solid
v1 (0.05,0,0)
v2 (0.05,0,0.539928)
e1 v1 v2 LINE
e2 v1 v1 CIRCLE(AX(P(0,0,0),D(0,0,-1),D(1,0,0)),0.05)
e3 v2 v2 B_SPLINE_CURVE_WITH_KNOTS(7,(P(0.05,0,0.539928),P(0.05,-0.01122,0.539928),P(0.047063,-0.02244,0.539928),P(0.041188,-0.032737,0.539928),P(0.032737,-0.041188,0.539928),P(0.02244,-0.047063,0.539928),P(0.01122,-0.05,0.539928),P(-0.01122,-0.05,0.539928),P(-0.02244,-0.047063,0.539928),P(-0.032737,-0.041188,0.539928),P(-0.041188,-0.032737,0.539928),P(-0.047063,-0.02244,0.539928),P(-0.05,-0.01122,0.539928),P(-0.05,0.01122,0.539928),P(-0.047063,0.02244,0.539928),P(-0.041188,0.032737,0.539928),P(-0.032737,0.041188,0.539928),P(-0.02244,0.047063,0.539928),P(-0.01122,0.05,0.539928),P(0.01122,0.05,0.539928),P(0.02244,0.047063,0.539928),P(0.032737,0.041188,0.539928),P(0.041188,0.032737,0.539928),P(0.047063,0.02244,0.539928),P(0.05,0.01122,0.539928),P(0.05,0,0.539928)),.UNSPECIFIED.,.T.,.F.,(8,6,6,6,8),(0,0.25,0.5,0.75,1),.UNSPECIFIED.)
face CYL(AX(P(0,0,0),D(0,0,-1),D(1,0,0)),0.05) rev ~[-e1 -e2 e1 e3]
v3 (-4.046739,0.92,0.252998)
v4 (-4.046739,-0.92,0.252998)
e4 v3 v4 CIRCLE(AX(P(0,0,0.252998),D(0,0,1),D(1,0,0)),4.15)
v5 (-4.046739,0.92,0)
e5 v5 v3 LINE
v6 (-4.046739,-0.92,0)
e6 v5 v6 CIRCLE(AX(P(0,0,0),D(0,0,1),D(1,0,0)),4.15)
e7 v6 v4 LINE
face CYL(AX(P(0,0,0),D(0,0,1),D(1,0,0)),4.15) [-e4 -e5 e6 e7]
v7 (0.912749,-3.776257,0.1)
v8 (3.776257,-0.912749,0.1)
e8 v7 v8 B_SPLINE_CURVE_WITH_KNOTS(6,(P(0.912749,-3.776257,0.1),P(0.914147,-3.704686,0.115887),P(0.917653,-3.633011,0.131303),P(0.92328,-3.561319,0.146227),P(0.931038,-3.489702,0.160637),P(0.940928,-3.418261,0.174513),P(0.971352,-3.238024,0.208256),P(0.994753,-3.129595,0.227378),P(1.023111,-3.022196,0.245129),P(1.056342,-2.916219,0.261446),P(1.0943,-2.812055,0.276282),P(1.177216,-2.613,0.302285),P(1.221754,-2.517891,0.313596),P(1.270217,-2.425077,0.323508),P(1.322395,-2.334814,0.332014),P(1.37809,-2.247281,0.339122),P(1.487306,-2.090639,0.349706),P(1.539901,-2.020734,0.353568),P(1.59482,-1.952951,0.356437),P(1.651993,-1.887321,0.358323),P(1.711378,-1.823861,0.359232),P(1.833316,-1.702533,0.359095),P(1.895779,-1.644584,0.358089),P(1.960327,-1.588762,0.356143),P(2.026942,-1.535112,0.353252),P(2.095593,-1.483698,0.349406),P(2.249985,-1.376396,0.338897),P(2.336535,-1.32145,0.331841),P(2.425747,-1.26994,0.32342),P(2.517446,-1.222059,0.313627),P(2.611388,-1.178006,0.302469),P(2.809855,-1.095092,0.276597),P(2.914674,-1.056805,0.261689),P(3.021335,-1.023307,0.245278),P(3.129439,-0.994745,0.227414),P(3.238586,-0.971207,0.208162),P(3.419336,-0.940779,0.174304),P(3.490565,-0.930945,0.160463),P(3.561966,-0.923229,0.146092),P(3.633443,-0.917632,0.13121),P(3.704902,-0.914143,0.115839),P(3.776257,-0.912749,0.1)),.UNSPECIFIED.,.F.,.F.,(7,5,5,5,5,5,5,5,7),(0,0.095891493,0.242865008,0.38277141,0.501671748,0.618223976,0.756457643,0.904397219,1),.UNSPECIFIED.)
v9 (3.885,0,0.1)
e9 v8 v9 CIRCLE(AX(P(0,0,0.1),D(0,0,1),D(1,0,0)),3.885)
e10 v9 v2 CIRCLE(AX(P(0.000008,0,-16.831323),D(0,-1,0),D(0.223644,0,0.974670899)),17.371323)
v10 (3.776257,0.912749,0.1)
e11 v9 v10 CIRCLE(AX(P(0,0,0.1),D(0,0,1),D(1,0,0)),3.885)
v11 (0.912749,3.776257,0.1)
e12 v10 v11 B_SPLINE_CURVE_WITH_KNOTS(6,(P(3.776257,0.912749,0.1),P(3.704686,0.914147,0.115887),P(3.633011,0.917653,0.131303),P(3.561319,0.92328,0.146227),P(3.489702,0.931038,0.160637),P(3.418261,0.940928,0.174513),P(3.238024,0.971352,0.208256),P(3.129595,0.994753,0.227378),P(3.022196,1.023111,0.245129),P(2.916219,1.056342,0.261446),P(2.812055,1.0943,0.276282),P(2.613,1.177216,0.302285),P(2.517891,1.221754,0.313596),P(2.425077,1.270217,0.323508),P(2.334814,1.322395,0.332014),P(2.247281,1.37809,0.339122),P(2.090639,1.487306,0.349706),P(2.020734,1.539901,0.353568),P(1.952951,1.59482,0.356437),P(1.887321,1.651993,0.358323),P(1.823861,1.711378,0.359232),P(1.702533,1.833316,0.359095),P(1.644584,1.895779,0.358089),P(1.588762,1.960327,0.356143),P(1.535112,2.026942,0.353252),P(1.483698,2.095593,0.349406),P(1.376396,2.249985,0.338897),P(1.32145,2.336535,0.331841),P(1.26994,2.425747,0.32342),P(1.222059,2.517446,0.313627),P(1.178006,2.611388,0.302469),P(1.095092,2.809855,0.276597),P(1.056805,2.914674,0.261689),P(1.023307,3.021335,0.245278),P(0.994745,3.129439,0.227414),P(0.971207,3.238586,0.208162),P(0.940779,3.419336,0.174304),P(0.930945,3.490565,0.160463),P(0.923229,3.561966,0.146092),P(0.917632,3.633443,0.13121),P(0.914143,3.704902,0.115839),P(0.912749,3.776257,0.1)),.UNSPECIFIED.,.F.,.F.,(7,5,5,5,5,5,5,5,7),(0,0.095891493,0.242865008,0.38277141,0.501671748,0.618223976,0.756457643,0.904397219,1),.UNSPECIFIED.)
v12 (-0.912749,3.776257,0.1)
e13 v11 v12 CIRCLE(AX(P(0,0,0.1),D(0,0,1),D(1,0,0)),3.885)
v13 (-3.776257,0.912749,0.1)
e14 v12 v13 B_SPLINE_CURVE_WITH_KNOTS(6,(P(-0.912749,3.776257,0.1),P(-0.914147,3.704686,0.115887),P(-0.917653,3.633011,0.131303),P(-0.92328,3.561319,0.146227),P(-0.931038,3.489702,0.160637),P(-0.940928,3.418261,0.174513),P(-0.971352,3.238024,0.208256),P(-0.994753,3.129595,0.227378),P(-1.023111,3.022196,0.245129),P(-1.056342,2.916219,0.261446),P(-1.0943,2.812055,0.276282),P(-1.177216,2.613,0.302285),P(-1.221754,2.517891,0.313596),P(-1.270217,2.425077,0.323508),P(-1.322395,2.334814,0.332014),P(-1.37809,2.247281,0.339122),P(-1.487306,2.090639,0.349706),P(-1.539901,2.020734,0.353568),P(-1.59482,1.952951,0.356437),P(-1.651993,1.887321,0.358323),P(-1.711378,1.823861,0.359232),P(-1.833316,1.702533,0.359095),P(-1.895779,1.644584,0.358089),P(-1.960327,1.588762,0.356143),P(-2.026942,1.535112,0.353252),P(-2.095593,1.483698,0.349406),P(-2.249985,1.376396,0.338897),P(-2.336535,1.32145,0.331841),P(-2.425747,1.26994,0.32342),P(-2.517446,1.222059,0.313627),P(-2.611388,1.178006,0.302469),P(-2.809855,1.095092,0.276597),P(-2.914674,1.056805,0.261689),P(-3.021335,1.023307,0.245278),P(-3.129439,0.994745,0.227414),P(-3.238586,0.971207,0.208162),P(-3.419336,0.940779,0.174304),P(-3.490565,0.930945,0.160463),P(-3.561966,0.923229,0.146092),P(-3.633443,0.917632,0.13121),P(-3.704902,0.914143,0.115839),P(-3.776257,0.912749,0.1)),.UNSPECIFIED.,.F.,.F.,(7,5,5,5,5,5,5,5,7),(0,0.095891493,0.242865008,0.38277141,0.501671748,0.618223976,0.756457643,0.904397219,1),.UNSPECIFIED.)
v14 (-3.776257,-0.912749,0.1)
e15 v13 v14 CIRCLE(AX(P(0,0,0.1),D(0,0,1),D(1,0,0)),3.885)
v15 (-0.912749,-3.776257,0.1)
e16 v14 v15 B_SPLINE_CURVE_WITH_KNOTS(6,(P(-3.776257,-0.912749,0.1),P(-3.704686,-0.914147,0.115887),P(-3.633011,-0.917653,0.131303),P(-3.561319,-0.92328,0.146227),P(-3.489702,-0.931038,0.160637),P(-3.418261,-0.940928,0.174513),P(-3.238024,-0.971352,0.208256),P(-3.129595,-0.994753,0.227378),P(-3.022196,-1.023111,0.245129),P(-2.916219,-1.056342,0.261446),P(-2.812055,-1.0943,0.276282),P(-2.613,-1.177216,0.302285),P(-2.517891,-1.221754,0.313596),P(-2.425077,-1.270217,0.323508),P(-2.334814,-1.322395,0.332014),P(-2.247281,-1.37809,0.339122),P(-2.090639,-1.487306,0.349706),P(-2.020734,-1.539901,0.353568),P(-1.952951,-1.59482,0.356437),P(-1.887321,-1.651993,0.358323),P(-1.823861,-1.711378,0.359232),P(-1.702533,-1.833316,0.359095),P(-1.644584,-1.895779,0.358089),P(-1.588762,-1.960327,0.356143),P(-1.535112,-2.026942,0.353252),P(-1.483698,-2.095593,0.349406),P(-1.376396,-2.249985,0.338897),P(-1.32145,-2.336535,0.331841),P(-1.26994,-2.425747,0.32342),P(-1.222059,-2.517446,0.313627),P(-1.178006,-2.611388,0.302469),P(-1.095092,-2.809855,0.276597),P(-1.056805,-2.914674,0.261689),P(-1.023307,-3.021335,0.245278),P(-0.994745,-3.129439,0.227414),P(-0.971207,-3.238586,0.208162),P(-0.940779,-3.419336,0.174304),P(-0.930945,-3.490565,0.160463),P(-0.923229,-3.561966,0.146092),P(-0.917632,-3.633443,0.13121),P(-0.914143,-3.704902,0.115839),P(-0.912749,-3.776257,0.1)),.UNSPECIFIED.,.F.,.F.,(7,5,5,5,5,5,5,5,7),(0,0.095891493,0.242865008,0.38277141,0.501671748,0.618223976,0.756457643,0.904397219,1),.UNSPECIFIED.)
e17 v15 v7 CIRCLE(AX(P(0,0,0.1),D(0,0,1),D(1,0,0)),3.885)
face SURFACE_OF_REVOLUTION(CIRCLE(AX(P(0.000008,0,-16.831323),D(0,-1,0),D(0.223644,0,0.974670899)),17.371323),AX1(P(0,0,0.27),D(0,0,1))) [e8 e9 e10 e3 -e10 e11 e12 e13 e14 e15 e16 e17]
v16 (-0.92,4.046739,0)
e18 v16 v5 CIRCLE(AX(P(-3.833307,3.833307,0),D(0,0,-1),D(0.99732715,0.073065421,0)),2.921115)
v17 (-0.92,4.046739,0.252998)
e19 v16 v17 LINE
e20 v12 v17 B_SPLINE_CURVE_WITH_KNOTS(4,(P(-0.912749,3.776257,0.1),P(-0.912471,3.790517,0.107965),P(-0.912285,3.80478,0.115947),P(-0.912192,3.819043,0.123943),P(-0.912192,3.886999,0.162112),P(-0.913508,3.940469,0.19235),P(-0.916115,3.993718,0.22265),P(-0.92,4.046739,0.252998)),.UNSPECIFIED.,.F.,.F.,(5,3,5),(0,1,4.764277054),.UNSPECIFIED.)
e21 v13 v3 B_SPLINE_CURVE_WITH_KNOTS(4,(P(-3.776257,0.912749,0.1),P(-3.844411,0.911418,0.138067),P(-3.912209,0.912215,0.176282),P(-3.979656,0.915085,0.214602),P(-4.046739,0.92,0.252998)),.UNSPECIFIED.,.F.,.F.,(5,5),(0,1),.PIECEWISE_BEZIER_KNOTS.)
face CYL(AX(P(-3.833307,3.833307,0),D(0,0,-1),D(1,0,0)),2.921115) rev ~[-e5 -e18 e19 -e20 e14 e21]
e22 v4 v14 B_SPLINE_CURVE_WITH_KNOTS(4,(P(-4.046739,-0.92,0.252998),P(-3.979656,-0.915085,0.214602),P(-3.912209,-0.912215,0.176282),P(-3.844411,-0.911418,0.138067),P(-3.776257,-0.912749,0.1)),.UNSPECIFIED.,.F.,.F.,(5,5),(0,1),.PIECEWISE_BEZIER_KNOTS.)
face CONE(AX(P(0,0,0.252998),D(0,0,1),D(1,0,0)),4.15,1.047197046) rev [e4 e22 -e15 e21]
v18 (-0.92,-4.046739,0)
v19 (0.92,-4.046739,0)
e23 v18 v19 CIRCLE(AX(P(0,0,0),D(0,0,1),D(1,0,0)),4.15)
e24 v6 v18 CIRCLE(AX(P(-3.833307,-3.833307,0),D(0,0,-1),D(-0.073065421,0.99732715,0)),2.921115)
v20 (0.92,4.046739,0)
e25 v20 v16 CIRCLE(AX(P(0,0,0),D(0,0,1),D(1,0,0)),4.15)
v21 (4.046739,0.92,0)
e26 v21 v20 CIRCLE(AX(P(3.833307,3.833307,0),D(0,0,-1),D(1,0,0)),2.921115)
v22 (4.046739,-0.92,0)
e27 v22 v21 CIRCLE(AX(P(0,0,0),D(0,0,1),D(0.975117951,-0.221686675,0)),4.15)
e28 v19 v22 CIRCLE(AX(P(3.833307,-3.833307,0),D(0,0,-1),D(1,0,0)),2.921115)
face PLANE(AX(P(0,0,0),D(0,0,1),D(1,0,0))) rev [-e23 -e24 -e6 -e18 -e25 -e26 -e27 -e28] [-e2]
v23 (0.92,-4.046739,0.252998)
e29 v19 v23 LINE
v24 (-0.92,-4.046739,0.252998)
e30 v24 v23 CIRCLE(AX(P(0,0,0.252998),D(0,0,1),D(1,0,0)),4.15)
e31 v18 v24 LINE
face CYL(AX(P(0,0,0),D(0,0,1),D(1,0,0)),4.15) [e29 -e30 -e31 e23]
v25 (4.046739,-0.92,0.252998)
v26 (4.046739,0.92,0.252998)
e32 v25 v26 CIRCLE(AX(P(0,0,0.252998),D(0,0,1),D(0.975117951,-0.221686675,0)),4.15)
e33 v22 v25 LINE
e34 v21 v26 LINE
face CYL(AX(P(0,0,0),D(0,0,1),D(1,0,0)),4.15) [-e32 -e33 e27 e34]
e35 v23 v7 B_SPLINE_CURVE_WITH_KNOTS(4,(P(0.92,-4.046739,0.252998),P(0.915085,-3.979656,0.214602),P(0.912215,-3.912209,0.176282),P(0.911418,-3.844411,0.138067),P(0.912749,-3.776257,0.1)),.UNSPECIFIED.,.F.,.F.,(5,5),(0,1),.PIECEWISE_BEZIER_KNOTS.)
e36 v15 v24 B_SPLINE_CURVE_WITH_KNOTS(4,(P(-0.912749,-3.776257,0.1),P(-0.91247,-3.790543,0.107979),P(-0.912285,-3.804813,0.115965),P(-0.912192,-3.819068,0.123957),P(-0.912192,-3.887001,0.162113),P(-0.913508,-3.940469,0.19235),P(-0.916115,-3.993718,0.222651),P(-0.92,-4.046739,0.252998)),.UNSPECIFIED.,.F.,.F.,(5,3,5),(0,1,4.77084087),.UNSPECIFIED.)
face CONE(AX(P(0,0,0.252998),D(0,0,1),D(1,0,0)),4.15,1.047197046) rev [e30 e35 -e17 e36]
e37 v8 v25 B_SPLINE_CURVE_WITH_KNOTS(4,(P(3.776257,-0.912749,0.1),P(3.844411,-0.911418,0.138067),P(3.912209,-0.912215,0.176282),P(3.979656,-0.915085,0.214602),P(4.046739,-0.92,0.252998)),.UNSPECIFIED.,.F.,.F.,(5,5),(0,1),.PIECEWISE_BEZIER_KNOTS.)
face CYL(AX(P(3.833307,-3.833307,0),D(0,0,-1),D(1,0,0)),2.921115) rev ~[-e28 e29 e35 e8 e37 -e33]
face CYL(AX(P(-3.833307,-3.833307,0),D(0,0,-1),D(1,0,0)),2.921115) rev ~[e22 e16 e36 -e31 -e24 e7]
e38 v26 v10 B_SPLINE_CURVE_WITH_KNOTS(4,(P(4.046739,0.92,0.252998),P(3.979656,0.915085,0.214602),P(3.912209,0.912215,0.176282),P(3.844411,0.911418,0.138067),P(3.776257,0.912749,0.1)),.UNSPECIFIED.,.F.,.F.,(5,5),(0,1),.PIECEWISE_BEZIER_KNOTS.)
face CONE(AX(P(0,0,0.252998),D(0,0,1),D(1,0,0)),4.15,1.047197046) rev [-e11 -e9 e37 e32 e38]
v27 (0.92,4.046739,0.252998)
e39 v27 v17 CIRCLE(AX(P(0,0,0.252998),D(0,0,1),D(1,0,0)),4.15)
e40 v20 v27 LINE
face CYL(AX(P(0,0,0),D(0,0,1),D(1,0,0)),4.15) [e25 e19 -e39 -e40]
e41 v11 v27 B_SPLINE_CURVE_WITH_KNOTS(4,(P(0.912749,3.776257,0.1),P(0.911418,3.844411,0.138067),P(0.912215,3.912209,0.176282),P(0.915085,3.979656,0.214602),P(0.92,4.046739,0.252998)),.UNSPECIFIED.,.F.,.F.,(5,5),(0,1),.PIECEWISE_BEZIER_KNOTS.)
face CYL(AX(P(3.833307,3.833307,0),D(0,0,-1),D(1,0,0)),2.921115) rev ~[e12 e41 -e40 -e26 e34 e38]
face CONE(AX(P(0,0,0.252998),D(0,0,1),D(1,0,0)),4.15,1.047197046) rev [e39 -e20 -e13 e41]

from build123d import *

# Parameters (mm, degrees)
F2_R     = 2.921115
F3_DEPTH = 0.541
F4_R     = 0.05
F5_DEPTH = 25


with BuildPart() as f1:
    # F0 (on Front) → F1 (revolve)
    with BuildSketch(Plane.XZ):
        with BuildLine():
            Line((4.15, 0.252998), (3.885, 0.1))
            ThreePointArc((3.885, 0.1), (1.954918, 0.42965), (0, 0.54))
            Line((0, 0.54), (0, 0))
            Line((0, 0), (4.15, 0))
            Line((4.15, 0), (4.15, 0.252998))
        make_face()
    revolve(axis=Axis((0, 0, 0.27), (0, 0, 1)))

    # F2 (on face) → F3 (cut, through all)
    with BuildSketch(Plane(origin=(0, 0, 0), x_dir=(1, 0, 0), z_dir=(0, 0, -1))):
        with Locations((-3.833307, 3.833307)):
            Circle(F2_R)
        with Locations((3.833307, 3.833307)):
            Circle(F2_R)
        with Locations((-3.833307, -3.833307)):
            Circle(F2_R)
        with Locations((3.833307, -3.833307)):
            Circle(F2_R)
    extrude(amount=-F3_DEPTH, mode=Mode.SUBTRACT)

    # F4 (on face) → F5 (cut)
    with BuildSketch(Plane(origin=(0, 0, 0), x_dir=(1, 0, 0), z_dir=(0, 0, -1))):
        Circle(F4_R)
    extrude(amount=-F5_DEPTH, mode=Mode.SUBTRACT)


solid = f1.part
